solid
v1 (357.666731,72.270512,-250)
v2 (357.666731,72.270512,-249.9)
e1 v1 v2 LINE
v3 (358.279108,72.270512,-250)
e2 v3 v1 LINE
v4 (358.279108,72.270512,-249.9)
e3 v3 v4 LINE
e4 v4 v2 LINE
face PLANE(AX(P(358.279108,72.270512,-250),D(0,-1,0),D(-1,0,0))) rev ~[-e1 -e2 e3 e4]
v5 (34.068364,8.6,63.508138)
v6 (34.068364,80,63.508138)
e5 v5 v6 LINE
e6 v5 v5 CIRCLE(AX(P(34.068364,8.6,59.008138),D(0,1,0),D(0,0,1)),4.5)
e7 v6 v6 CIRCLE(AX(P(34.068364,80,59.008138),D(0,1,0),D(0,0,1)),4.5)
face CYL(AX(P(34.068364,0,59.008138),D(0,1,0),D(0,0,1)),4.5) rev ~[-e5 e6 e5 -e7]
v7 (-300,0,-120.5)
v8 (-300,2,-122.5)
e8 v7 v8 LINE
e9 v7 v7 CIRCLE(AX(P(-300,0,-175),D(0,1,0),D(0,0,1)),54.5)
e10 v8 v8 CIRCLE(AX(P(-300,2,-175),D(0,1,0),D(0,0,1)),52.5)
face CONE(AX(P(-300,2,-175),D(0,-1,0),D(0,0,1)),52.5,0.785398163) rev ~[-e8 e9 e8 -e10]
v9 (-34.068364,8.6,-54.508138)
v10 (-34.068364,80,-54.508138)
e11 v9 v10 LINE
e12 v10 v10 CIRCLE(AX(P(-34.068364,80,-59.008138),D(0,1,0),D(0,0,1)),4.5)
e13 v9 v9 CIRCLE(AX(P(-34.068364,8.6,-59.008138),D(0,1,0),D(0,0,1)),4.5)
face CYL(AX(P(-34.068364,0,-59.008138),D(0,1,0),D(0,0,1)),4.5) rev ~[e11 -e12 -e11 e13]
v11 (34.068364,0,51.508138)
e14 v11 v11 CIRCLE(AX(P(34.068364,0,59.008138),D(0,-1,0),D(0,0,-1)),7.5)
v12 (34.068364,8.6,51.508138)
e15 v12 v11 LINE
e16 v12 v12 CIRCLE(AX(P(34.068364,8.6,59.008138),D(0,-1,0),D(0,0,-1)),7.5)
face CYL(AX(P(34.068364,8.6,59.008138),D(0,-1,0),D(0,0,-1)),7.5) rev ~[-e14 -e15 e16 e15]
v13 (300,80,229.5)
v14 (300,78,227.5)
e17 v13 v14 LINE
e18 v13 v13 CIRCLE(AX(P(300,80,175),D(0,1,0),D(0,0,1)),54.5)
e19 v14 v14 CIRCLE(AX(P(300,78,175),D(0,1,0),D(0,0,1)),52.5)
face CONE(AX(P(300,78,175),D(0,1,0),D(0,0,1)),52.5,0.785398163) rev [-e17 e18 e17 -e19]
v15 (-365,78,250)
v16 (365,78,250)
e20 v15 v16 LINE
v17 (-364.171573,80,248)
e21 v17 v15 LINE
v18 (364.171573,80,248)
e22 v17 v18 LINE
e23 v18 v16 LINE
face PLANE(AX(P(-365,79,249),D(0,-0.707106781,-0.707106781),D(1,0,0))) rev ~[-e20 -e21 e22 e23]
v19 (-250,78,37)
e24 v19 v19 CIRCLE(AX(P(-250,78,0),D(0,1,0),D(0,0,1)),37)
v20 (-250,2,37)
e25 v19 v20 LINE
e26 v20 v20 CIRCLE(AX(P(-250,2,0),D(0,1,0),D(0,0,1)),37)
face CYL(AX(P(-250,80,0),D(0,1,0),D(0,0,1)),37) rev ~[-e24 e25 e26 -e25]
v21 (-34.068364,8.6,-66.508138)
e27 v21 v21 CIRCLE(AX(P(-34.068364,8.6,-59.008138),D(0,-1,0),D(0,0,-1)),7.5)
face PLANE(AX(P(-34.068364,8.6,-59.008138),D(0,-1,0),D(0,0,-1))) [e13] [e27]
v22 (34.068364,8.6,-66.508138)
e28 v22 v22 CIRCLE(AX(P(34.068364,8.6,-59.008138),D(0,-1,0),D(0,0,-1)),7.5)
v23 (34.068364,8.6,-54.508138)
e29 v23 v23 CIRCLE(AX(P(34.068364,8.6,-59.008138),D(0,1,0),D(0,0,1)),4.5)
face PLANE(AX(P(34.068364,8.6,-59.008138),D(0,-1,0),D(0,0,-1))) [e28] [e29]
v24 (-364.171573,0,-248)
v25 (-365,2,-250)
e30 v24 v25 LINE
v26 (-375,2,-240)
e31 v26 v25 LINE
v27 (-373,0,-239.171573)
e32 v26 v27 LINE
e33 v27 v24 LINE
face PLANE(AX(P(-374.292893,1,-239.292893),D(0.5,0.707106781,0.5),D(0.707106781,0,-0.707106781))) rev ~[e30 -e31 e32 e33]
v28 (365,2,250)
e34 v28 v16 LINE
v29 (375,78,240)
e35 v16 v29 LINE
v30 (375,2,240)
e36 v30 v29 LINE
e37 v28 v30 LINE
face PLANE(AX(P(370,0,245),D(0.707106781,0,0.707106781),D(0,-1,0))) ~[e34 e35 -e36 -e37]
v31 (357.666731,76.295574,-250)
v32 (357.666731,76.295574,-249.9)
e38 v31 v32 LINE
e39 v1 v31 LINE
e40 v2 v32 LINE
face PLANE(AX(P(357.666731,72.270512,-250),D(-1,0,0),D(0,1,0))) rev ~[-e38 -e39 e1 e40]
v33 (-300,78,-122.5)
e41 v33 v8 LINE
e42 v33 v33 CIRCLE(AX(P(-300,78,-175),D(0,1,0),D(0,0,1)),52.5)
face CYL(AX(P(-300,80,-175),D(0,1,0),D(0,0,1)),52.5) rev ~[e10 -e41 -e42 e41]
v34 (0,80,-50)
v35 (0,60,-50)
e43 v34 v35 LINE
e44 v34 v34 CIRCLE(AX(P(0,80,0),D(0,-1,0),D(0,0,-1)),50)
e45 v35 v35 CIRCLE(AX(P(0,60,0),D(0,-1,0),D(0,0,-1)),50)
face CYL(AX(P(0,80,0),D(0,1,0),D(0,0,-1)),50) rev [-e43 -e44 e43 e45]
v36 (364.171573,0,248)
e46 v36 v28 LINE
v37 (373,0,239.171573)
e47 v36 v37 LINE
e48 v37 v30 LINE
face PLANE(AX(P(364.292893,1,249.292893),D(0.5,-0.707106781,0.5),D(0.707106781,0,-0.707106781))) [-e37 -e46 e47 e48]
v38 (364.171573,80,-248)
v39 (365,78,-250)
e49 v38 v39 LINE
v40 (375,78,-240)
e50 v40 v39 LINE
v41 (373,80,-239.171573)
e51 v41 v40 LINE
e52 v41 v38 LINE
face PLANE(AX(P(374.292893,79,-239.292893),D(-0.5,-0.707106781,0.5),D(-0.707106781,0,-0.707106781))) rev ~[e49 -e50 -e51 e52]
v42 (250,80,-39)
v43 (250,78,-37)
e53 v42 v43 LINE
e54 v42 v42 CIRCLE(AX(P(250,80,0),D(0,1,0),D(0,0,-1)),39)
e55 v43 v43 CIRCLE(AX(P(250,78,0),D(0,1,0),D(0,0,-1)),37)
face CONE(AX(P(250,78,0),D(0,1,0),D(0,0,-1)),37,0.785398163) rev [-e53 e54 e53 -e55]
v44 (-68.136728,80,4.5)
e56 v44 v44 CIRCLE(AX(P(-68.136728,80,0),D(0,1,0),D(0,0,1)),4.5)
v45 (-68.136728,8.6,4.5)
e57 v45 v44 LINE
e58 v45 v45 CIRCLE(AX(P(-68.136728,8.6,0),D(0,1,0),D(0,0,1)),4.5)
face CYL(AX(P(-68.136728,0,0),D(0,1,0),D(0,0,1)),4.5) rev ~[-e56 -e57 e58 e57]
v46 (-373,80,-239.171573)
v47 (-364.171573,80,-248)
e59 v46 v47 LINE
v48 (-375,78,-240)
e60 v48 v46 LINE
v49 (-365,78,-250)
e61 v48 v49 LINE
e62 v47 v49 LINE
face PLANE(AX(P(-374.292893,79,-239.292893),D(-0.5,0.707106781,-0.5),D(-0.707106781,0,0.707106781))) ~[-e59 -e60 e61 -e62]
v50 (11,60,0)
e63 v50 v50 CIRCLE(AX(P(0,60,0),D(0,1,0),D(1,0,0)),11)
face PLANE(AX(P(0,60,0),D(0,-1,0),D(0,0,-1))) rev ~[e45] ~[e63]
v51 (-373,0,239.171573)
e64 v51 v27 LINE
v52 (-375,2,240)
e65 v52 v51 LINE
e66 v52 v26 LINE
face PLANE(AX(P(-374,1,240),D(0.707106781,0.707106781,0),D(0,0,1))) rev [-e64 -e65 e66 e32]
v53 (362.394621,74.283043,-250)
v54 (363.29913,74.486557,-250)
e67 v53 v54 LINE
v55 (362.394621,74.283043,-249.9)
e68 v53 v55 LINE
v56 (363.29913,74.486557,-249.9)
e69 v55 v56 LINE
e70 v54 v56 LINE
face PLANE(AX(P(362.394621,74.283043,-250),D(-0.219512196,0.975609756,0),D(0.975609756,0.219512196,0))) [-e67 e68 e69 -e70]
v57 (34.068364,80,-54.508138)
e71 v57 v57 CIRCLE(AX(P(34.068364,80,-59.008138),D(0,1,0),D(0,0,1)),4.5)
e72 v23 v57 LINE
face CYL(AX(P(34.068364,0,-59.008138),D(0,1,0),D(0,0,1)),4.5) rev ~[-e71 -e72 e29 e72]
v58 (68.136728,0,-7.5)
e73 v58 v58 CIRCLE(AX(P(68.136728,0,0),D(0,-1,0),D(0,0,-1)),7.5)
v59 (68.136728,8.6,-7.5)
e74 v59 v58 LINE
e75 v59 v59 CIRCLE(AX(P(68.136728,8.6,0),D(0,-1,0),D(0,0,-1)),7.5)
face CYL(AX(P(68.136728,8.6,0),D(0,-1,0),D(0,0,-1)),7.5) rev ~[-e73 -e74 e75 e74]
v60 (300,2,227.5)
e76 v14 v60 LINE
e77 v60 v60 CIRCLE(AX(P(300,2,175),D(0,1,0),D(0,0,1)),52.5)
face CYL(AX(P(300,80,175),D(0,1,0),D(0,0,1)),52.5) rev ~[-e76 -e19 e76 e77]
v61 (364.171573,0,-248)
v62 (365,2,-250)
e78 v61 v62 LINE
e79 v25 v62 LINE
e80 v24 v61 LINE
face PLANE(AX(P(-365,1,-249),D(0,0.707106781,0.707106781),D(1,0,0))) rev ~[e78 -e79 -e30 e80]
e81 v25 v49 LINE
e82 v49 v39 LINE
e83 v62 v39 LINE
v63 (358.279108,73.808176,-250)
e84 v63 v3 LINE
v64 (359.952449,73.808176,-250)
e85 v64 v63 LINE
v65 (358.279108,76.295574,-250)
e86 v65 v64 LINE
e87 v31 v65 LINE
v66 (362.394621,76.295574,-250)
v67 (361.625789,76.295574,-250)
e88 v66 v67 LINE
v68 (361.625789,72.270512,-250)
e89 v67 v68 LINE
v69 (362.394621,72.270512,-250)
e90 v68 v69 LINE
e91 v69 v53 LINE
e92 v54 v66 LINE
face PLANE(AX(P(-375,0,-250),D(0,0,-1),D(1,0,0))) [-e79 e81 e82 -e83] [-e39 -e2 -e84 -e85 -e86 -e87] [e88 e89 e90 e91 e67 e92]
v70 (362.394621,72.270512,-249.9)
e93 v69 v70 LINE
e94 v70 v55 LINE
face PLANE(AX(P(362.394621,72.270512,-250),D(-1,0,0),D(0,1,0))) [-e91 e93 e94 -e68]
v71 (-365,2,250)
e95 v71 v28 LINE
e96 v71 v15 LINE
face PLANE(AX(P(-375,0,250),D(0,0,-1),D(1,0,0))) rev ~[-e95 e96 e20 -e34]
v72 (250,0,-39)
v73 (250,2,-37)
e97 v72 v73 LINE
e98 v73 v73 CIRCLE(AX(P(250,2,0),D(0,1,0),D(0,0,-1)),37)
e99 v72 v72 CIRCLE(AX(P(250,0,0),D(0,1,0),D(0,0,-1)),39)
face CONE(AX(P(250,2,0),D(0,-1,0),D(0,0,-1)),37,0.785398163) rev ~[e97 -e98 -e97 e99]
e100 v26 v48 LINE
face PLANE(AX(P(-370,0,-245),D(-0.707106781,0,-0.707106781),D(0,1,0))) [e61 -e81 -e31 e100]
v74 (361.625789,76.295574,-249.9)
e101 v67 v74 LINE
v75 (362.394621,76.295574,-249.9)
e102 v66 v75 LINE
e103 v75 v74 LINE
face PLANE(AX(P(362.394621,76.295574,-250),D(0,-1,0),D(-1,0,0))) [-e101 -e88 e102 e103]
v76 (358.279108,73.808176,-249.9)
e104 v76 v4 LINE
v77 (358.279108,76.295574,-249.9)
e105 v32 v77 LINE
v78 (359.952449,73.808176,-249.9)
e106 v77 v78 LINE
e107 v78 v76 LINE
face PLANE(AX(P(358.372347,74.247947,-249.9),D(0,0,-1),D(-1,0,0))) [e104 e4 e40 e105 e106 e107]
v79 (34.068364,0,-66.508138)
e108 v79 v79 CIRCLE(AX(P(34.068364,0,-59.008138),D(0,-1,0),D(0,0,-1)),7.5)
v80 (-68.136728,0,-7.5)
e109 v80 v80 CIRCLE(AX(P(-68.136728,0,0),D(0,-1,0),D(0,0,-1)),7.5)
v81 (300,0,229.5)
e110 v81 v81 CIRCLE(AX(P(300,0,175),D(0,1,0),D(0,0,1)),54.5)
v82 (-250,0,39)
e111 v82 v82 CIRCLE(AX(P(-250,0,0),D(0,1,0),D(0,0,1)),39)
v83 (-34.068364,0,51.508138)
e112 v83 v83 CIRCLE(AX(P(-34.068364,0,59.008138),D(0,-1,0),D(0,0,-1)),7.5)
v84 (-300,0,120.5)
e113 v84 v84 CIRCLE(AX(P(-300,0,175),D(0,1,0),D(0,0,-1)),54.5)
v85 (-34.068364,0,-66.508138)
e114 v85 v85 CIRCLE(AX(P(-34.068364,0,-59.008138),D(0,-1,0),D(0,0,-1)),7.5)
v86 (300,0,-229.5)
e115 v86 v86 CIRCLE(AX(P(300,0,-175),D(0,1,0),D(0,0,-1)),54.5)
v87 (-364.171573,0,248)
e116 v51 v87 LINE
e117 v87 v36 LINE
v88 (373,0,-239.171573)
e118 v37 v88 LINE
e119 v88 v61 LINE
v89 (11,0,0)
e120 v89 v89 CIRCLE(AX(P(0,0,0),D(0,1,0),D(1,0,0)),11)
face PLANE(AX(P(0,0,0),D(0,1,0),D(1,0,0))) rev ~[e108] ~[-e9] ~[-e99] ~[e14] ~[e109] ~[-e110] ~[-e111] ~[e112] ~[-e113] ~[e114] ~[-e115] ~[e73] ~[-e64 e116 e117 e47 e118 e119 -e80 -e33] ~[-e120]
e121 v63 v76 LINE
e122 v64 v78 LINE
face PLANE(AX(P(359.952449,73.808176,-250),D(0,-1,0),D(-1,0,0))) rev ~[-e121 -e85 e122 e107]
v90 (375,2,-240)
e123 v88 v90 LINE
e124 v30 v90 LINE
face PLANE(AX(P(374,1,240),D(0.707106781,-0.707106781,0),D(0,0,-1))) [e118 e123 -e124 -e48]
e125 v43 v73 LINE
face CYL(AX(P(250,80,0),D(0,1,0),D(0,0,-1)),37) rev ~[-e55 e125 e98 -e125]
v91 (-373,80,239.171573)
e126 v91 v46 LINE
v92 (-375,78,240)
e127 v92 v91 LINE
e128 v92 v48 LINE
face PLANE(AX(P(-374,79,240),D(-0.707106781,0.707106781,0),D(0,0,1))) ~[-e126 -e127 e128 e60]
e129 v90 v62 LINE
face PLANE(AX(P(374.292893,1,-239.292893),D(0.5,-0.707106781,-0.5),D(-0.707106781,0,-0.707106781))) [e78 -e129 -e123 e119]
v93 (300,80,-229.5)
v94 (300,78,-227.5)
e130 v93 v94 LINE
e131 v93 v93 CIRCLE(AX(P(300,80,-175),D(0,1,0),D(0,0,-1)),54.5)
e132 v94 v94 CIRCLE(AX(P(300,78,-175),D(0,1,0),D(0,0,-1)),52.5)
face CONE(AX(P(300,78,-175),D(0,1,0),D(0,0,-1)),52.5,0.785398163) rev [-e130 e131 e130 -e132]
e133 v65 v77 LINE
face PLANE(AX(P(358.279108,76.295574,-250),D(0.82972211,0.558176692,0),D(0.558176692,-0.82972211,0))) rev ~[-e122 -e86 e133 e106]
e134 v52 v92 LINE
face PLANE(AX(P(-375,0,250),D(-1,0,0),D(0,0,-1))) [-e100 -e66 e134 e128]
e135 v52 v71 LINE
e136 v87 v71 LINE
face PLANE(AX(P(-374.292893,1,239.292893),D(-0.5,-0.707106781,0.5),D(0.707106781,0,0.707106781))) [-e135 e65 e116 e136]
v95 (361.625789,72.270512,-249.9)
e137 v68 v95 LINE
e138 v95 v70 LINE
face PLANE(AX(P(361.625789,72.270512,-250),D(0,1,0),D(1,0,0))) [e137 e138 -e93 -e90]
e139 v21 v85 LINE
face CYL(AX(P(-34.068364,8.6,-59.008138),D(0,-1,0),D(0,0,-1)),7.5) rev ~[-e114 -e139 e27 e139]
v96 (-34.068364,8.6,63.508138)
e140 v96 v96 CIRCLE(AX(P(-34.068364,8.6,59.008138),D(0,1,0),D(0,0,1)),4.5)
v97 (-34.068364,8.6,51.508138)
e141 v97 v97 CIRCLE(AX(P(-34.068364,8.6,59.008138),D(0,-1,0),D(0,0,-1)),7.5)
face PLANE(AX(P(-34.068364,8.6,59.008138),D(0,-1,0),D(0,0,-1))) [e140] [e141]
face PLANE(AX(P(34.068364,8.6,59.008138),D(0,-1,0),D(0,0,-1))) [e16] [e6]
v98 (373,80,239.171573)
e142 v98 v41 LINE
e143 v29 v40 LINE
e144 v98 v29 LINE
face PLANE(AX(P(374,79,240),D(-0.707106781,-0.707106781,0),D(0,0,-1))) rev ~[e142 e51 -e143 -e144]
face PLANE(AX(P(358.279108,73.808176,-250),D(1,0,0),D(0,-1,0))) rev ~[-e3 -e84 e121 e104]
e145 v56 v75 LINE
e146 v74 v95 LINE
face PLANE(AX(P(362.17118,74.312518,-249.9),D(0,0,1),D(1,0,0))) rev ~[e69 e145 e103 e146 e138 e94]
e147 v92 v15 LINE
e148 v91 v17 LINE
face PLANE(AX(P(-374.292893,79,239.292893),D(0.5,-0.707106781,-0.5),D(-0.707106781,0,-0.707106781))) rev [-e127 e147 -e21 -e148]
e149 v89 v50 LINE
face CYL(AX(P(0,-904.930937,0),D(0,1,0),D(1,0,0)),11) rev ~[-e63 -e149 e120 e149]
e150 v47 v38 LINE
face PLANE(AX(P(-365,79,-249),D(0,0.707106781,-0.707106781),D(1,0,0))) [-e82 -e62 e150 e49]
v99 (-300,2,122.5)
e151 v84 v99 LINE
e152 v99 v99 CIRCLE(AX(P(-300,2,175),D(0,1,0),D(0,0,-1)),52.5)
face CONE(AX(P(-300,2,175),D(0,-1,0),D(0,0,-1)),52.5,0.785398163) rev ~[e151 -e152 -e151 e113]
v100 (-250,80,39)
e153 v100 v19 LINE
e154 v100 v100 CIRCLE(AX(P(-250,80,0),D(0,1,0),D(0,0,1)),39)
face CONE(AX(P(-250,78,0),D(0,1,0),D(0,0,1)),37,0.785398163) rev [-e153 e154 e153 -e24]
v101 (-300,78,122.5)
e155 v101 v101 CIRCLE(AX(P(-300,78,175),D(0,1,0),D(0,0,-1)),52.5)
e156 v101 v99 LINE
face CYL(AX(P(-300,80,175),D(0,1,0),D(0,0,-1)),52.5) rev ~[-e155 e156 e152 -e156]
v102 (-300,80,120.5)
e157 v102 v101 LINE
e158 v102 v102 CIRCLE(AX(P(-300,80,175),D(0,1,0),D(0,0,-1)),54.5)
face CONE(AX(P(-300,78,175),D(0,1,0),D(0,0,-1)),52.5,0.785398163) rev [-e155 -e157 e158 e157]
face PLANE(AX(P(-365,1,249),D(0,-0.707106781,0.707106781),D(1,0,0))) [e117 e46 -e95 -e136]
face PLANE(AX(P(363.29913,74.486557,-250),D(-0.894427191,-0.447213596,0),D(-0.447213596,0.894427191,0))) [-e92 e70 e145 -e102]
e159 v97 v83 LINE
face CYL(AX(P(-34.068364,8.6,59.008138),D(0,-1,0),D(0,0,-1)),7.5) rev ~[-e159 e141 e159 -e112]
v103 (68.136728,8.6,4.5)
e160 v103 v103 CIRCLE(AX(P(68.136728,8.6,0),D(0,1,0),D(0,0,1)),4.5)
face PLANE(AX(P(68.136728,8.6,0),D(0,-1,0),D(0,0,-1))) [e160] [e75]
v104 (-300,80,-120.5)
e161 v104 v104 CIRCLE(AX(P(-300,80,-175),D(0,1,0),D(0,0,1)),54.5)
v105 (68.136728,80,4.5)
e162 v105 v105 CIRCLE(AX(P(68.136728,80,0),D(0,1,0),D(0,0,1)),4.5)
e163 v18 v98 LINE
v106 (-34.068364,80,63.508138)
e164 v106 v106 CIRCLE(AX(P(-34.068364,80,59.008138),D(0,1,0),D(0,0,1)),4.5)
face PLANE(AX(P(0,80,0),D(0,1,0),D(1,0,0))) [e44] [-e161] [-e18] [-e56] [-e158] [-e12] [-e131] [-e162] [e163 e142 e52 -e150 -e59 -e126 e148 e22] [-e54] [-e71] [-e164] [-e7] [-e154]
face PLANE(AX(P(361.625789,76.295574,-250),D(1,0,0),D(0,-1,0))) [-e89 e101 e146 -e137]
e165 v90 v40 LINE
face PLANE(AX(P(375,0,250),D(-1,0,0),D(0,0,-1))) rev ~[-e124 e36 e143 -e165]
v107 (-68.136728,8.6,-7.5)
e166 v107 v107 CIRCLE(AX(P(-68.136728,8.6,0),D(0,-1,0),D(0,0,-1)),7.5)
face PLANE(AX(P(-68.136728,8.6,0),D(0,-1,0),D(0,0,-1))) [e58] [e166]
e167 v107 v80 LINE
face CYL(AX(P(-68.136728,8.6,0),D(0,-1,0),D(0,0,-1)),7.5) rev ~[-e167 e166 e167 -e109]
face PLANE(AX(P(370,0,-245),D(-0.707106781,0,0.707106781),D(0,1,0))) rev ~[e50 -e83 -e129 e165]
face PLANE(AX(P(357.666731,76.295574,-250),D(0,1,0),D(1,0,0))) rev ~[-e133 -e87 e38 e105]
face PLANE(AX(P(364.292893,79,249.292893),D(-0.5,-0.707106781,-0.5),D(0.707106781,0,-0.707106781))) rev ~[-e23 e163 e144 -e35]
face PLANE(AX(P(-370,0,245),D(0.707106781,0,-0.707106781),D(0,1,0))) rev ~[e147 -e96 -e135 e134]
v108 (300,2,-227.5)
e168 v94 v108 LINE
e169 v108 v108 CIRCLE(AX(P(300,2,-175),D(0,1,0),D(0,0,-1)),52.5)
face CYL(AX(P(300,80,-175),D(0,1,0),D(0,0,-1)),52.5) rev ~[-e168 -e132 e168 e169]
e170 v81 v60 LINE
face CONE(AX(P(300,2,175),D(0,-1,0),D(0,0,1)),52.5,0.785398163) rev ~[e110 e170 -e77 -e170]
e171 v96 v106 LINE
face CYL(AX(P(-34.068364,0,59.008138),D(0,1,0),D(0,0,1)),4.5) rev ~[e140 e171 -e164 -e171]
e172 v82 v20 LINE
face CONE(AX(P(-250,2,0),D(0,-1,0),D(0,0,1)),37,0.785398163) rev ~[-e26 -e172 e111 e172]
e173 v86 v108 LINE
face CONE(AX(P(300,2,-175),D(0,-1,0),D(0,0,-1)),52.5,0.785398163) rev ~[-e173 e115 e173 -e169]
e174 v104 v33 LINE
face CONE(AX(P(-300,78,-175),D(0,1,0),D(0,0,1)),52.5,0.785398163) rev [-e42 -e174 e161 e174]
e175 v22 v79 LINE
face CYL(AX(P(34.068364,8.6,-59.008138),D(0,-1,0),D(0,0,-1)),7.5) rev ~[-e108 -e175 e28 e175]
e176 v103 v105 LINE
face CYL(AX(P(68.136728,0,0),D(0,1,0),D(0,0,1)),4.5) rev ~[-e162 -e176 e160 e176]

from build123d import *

# Parameters (mm, degrees)
SZKIC1_W                                            = 750
SZKIC1_H                                            = 500
WYCI_GNI_CIE1_DEPTH                                 = 80
SFAZOWANIE1_SIZE                                    = 10
WYCI_GNI_CIE2_REACH                                 = 459.739
SZKIC2_R                                            = 52.5
WYCI_GNI_CIE3_REACH                                 = 459.739
SZKIC3_R                                            = 37
SFAZOWANIE2_SIZE                                    = 2
WYTNIJ_WYCI_GNI_CIE1_DEPTH                          = 0.1
SZKIC5_R                                            = 50
WYTNIJ_WYCI_GNI_CIE3_DEPTH                          = 20
POG_BIENIE_WALCOWE_POD_M8_WKR_T_Z_BEM_W_D           = 9
POG_BIENIE_WALCOWE_POD_M8_WKR_T_Z_BEM_W_CBORE_D     = 15
POG_BIENIE_WALCOWE_POD_M8_WKR_T_Z_BEM_W_CBORE_DEPTH = 8.6
OTW_R_POD_RUB_M201_D                                = 22


with BuildPart() as part:
    # Szkic1 → Wyciągnięcie1 (new body)
    with BuildSketch(Plane(origin=(0, 0, 0), x_dir=(1, 0, 0), z_dir=(0, 1, 0))):
        Rectangle(SZKIC1_W, SZKIC1_H)
    extrude(amount=WYCI_GNI_CIE1_DEPTH)

    # Sfazowanie1
    sfazowanie1_edges = [part.edges().sort_by_distance(p)[0] for p in [
        (375, 40, 250),
        (-375, 40, 250),
        (-375, 40, -250),
        (375, 40, -250),
    ]]
    chamfer(sfazowanie1_edges, length=SFAZOWANIE1_SIZE)

    # Szkic2 → Wyciągnięcie2 (cut, up to next)
    with BuildSketch(Plane(origin=(0, 80, 0), x_dir=(1, 0, 0), z_dir=(0, 1, 0)), mode=Mode.PRIVATE) as wyci_gni_cie2_sk1:
        with Locations(Location((-300, 175, 0), (0, 0, 270))):
            Circle(SZKIC2_R)
    wyci_gni_cie2_tool1 = extrude(wyci_gni_cie2_sk1.sketch, amount=-WYCI_GNI_CIE2_REACH, mode=Mode.PRIVATE) & part.part
    # Szkic2 → Wyciągnięcie2 (cut, up to next)
    with BuildSketch(Plane(origin=(0, 80, 0), x_dir=(1, 0, 0), z_dir=(0, 1, 0)), mode=Mode.PRIVATE) as wyci_gni_cie2_sk2:
        with Locations(Location((300, 175, 0), (0, 0, 90))):
            Circle(SZKIC2_R)
    wyci_gni_cie2_tool2 = extrude(wyci_gni_cie2_sk2.sketch, amount=-WYCI_GNI_CIE2_REACH, mode=Mode.PRIVATE) & part.part
    # Szkic2 → Wyciągnięcie2 (cut, up to next)
    with BuildSketch(Plane(origin=(0, 80, 0), x_dir=(1, 0, 0), z_dir=(0, 1, 0)), mode=Mode.PRIVATE) as wyci_gni_cie2_sk3:
        with Locations(Location((-300, -175, 0), (0, 0, 90))):
            Circle(SZKIC2_R)
    wyci_gni_cie2_tool3 = extrude(wyci_gni_cie2_sk3.sketch, amount=-WYCI_GNI_CIE2_REACH, mode=Mode.PRIVATE) & part.part
    # Szkic2 → Wyciągnięcie2 (cut, up to next)
    with BuildSketch(Plane(origin=(0, 80, 0), x_dir=(1, 0, 0), z_dir=(0, 1, 0)), mode=Mode.PRIVATE) as wyci_gni_cie2_sk4:
        with Locations(Location((300, -175, 0), (0, 0, 270))):
            Circle(SZKIC2_R)
    wyci_gni_cie2_tool4 = extrude(wyci_gni_cie2_sk4.sketch, amount=-WYCI_GNI_CIE2_REACH, mode=Mode.PRIVATE) & part.part
    add(wyci_gni_cie2_tool1.solids().sort_by_distance((-300, 80, -175))[0], mode=Mode.SUBTRACT)
    add(wyci_gni_cie2_tool2.solids().sort_by_distance((300, 80, -175))[0], mode=Mode.SUBTRACT)
    add(wyci_gni_cie2_tool3.solids().sort_by_distance((-300, 80, 175))[0], mode=Mode.SUBTRACT)
    add(wyci_gni_cie2_tool4.solids().sort_by_distance((300, 80, 175))[0], mode=Mode.SUBTRACT)

    # Szkic3 → Wyciągnięcie3 (cut, up to next)
    with BuildSketch(Plane(origin=(0, 80, 0), x_dir=(1, 0, 0), z_dir=(0, 1, 0)), mode=Mode.PRIVATE) as wyci_gni_cie3_sk1:
        with Locations(Location((-250, 0, 0), (0, 0, 270))):
            Circle(SZKIC3_R)
    wyci_gni_cie3_tool1 = extrude(wyci_gni_cie3_sk1.sketch, amount=-WYCI_GNI_CIE3_REACH, mode=Mode.PRIVATE) & part.part
    # Szkic3 → Wyciągnięcie3 (cut, up to next)
    with BuildSketch(Plane(origin=(0, 80, 0), x_dir=(1, 0, 0), z_dir=(0, 1, 0)), mode=Mode.PRIVATE) as wyci_gni_cie3_sk2:
        with Locations(Location((250, 0, 0), (0, 0, 90))):
            Circle(SZKIC3_R)
    wyci_gni_cie3_tool2 = extrude(wyci_gni_cie3_sk2.sketch, amount=-WYCI_GNI_CIE3_REACH, mode=Mode.PRIVATE) & part.part
    add(wyci_gni_cie3_tool1.solids().sort_by_distance((-250, 80, 0))[0], mode=Mode.SUBTRACT)
    add(wyci_gni_cie3_tool2.solids().sort_by_distance((250, 80, 0))[0], mode=Mode.SUBTRACT)

    # Sfazowanie2
    sfazowanie2_edges = [part.edges().sort_by_distance(p)[0] for p in [
        (375, 0, 0),
        (375, 80, 0),
        (0, 0, 250),
        (-375, 0, 0),
        (0, 0, -250),
        (-370, 0, 245),
        (-370, 0, -245),
        (370, 0, -245),
        (370, 0, 245),
        (0, 80, 250),
        (0, 80, -250),
        (-375, 80, 0),
        (-370, 80, 245),
        (-370, 80, -245),
        (370, 80, -245),
        (370, 80, 245),
        (-300, 0, -227.5),
        (-300, 80, -227.5),
        (300, 0, -122.5),
        (300, 80, -122.5),
        (-300, 0, 227.5),
        (-300, 80, 227.5),
        (300, 0, 122.5),
        (300, 80, 122.5),
        (-250, 0, -37),
        (-250, 80, -37),
        (250, 0, 37),
        (250, 80, 37),
    ]]
    chamfer(sfazowanie2_edges, length=SFAZOWANIE2_SIZE)

    # Szkic4 → Wytnij-wyciągnięcie1 (cut)
    with BuildSketch(Plane(origin=(0, 0, -250), x_dir=(-1, 0, 0), z_dir=(0, 0, -1))):
        Polygon((-363.299129796, 74.48655724), (-362.394621346, 76.295574139), (-361.625789164, 76.295574139), (-361.625789164, 72.270511538), (-362.394621346, 72.270511538), (-362.394621346, 74.283042838), align=None)
        Polygon((-358.2791079, 76.295574139), (-359.952448532, 73.808175902), (-358.2791079, 73.808175902), (-358.2791079, 72.270511538), (-357.666731233, 72.270511538), (-357.666731233, 76.295574139), align=None)
    extrude(amount=-WYTNIJ_WYCI_GNI_CIE1_DEPTH, mode=Mode.SUBTRACT)

    # Szkic5 → Wytnij-wyciągnięcie3 (cut)
    with BuildSketch(Plane(origin=(0, 80, 0), x_dir=(-1, 0, 0), z_dir=(0, -1, 0))):
        with Locations(Location((0, 0, 0), (0, 0, 90))):
            Circle(SZKIC5_R)
    extrude(amount=WYTNIJ_WYCI_GNI_CIE3_DEPTH, mode=Mode.SUBTRACT)

    # Pogłębienie walcowe pod M8 Wkręt z łbem walcowym z gniazdem sześciokątnym1 (through all)
    with Locations(Plane(origin=(-68.13672833, 0, 0), x_dir=(0, 0, -1), z_dir=(0, -1, 0))):
        with Locations((0, 0), (-59.008137665, 34.068364165), (-59.008137665, 102.205092495), (0, 136.27345666), (59.008137665, 102.205092495), (59.008137665, 34.068364165)):
            CounterBoreHole(POG_BIENIE_WALCOWE_POD_M8_WKR_T_Z_BEM_W_D / 2, POG_BIENIE_WALCOWE_POD_M8_WKR_T_Z_BEM_W_CBORE_D / 2, POG_BIENIE_WALCOWE_POD_M8_WKR_T_Z_BEM_W_CBORE_DEPTH)

    # Otwór pod śrubę M201 (through all)
    with Locations(Plane(origin=(0, 0, 0), x_dir=(-1, 0, 0), z_dir=(0, -1, 0))):
        with Locations((0, 0)):
            Hole(OTW_R_POD_RUB_M201_D / 2)


solid = part.part
